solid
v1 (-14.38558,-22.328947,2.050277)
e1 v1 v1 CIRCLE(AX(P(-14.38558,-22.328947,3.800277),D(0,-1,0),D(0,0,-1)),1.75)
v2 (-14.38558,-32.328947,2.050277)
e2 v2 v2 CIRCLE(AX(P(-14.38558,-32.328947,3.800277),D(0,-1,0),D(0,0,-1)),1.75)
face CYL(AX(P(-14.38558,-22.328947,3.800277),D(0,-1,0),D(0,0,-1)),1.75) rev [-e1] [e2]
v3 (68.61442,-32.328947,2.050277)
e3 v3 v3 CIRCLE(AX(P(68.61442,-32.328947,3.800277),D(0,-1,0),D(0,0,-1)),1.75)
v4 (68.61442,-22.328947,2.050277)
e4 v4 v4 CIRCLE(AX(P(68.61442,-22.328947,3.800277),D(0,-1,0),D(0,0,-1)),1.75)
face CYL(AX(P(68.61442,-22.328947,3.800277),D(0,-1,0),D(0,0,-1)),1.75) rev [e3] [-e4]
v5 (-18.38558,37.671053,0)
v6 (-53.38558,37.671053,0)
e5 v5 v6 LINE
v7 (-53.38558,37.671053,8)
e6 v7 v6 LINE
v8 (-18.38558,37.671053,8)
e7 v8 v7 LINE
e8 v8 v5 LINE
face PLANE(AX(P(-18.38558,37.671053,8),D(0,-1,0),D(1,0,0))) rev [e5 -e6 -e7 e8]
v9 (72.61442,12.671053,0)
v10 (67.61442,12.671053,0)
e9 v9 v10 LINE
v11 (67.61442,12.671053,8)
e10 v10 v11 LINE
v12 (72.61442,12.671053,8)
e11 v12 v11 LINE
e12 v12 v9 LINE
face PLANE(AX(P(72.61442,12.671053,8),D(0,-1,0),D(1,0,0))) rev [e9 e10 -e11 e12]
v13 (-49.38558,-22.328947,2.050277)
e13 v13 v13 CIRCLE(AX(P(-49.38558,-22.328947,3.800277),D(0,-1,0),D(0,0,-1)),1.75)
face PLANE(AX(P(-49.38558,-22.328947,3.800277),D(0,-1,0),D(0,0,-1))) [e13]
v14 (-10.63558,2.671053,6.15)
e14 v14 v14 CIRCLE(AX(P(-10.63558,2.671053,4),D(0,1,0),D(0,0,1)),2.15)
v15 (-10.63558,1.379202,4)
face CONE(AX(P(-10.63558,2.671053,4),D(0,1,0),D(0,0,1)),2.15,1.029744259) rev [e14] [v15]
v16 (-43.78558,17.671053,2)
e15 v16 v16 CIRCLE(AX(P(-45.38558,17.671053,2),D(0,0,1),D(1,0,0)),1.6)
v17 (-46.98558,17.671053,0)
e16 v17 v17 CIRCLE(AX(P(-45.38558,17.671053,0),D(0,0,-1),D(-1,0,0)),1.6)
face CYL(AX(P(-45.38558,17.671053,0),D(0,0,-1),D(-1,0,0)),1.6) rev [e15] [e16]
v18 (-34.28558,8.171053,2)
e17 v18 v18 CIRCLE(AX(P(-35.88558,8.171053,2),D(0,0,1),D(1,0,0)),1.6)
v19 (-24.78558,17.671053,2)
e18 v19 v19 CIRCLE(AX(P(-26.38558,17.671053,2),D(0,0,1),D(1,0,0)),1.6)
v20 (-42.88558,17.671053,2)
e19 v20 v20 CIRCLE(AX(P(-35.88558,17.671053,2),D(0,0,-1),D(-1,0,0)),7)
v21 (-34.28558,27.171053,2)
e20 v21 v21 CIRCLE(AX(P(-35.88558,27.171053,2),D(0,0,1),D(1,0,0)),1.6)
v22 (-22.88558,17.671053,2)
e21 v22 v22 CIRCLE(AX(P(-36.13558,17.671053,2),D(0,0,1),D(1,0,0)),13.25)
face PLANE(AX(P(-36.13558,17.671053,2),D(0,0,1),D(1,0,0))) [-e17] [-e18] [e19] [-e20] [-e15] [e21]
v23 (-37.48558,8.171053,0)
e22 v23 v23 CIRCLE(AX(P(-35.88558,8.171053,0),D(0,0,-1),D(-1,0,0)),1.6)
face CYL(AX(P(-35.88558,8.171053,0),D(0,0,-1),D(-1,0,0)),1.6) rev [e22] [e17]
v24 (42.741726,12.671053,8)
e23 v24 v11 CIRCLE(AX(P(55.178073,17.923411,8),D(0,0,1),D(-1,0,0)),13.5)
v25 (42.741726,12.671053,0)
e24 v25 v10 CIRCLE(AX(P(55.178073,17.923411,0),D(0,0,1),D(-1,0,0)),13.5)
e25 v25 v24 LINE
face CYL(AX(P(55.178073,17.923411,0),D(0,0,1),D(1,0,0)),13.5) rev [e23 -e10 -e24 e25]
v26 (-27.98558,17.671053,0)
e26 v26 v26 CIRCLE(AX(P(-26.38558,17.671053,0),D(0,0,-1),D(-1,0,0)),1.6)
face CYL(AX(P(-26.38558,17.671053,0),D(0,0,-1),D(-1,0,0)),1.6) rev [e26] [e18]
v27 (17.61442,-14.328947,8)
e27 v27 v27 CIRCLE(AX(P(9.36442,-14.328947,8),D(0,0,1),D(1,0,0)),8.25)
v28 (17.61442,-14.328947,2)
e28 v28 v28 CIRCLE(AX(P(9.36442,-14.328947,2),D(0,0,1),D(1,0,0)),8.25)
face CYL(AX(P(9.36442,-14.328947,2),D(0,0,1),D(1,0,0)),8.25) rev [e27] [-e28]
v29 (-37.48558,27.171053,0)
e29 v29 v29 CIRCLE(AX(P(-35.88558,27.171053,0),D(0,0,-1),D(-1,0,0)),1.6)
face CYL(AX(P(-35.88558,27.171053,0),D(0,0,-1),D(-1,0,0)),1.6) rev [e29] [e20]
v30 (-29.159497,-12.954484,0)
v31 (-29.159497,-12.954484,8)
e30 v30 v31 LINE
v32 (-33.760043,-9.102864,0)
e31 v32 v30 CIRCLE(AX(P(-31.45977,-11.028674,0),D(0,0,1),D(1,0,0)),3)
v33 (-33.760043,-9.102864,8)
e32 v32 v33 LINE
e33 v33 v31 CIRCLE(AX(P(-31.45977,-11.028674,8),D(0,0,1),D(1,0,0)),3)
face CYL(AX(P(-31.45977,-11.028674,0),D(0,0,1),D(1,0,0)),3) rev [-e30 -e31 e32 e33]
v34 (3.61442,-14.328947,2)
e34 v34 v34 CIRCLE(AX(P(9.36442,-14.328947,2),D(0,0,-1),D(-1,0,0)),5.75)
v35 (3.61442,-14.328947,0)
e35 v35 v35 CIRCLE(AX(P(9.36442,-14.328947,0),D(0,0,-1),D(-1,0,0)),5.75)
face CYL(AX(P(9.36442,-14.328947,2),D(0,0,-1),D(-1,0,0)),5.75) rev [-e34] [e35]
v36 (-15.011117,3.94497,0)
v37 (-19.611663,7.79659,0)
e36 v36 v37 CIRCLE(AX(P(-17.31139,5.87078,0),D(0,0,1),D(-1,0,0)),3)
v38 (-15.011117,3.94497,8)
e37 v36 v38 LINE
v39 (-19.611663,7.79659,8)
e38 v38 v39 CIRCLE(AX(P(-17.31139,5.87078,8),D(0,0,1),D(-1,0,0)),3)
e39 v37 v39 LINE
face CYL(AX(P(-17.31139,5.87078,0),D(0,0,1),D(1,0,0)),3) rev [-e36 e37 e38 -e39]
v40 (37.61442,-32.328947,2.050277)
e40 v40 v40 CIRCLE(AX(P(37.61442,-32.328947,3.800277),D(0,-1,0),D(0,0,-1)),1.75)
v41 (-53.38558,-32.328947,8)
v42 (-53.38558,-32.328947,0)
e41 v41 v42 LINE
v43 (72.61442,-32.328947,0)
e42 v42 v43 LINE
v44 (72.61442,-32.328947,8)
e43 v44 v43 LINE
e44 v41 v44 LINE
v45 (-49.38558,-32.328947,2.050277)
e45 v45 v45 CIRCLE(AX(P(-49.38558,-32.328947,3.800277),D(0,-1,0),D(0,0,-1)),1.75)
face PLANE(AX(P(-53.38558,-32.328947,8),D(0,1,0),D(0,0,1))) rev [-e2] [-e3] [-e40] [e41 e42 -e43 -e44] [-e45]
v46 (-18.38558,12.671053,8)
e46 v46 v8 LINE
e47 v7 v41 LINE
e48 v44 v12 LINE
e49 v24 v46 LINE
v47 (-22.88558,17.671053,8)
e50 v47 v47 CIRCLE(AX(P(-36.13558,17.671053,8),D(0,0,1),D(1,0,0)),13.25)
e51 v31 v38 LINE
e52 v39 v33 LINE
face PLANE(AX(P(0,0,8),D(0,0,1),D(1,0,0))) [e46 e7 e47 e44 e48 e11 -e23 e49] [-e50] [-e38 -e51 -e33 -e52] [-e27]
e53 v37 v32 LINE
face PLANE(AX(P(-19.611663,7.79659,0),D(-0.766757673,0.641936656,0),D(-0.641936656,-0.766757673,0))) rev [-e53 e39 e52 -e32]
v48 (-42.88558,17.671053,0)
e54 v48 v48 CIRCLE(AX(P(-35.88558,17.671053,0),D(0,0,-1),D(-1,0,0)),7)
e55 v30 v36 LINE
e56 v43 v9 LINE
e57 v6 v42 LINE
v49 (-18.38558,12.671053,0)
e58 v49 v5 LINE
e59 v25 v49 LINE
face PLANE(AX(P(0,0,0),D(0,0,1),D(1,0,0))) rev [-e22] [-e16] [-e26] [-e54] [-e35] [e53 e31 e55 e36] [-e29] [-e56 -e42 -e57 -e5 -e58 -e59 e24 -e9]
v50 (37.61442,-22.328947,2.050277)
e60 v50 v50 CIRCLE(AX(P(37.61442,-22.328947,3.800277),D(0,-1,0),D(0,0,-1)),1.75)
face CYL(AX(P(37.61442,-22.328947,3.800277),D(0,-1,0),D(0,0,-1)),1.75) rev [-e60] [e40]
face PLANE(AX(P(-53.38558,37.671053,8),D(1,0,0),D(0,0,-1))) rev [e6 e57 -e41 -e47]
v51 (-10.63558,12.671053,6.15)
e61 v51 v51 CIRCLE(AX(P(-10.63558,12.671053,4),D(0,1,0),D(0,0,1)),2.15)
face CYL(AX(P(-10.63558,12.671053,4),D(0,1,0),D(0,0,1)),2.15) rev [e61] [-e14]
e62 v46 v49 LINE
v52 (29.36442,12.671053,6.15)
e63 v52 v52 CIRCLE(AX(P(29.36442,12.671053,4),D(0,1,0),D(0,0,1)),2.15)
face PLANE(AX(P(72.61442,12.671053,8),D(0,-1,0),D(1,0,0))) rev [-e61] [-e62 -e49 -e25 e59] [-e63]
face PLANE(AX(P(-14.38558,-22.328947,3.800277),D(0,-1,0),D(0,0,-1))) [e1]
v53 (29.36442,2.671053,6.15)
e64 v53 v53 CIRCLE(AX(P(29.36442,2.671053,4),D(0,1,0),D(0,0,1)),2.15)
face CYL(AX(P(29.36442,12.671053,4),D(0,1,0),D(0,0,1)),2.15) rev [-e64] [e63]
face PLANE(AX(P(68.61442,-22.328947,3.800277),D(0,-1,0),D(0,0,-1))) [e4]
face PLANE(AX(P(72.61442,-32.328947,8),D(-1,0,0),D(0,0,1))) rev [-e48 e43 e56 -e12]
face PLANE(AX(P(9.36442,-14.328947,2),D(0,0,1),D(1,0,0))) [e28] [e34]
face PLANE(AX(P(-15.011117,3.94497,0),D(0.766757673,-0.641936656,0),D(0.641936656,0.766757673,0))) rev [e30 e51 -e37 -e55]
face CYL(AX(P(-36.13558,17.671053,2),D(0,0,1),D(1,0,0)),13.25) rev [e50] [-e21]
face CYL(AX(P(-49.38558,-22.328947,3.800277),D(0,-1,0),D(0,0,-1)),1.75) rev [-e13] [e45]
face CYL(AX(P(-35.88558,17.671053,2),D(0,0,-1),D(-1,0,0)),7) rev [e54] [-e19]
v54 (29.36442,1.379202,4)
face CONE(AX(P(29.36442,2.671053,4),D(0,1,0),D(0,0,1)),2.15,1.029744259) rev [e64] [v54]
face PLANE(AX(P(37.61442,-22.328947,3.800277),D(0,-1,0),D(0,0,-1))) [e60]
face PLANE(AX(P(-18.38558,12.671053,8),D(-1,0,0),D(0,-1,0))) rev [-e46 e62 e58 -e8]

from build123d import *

# Parameters (mm, degrees)
BOSS_EXTRU_1_DEPTH       = 8
REPOSE_MOTEUR_DEPTH      = 8
ESQUISSE5_R              = 8.25
FIXATION_COURROI_1_DEPTH = 6
ESQUISSE6_R              = 5.75
FIXATION_COURROI_2_DEPTH = 2
ESQUISSE3_R              = 7
FIXATION_MOTEUR_1_DEPTH  = 2
ESQUISSE2_R              = 13.25
FIXATION_MOTEUR_2_DEPTH  = 6
D_GAGEMENT_M31_D         = 3.2
D_GAGEMENT_M31_DEPTH     = 10
D_GAGEMENT_M31_TIP       = 0.96137699
D_GAGEMENT_M41_D         = 4.3
D_GAGEMENT_M41_DEPTH     = 10
D_GAGEMENT_M41_TIP       = 1.291850331
ESQUISSE7_R              = 1.75
ENL_V_MAT_EXTRU_1_DEPTH  = 10


with BuildPart() as part:
    # Esquisse1 → Boss.-Extru.1 (new body)
    with BuildSketch(Plane.XY):
        Polygon((-53.385579659, 37.671052632), (-53.385579659, -32.328947368), (72.614420341, -32.328947368), (72.614420341, 12.671052632), (-18.385579659, 12.671052632), (-18.385579659, 37.671052632), align=None)
    extrude(amount=BOSS_EXTRU_1_DEPTH)

    # Esquisse4 → Repose moteur (cut)
    with BuildSketch(Plane.XY.offset(8)):
        with BuildLine():
            Line((42.741726231, 12.671052632), (67.614420341, 12.671052632))
            ThreePointArc((67.614420341, 12.671052632), (55.178073286, 4.423411332), (42.741726231, 12.671052632))
        make_face()
        with BuildLine():
            Line((-19.611662647, 7.796589582), (-33.760042708, -9.10286438))
            ThreePointArc((-33.760042708, -9.10286438), (-33.385579659, -13.328947368), (-29.15949667, -12.954484319))
            Line((-29.15949667, -12.954484319), (-15.011116609, 3.944969643))
            ThreePointArc((-15.011116609, 3.944969643), (-15.385579659, 8.171052632), (-19.611662647, 7.796589582))
        make_face()
    extrude(amount=-REPOSE_MOTEUR_DEPTH, mode=Mode.SUBTRACT)

    # Esquisse5 → Fixation courroi 1 (cut)
    with BuildSketch(Plane.XY.offset(8)):
        with Locations((9.364420341, -14.328947368)):
            Circle(ESQUISSE5_R)
    extrude(amount=-FIXATION_COURROI_1_DEPTH, mode=Mode.SUBTRACT)

    # Esquisse6 → Fixation courroi 2 (cut)
    with BuildSketch(Plane(origin=(0, 0, 0), x_dir=(-1, 0, 0), z_dir=(0, 0, -1))):
        with Locations((-9.364420341, -14.328947368)):
            Circle(ESQUISSE6_R)
    extrude(amount=-FIXATION_COURROI_2_DEPTH, mode=Mode.SUBTRACT)

    # Esquisse3 → Fixation moteur 1 (cut)
    with BuildSketch(Plane(origin=(0, 0, 0), x_dir=(-1, 0, 0), z_dir=(0, 0, -1))):
        with Locations((35.885579659, 17.671052632)):
            Circle(ESQUISSE3_R)
    extrude(amount=-FIXATION_MOTEUR_1_DEPTH, mode=Mode.SUBTRACT)

    # Esquisse2 → Fixation moteur 2 (cut)
    with BuildSketch(Plane.XY.offset(8)):
        with Locations((-36.135579659, 17.671052632)):
            Circle(ESQUISSE2_R)
    extrude(amount=-FIXATION_MOTEUR_2_DEPTH, mode=Mode.SUBTRACT)

    # Dégagement M31
    with Locations(Plane(origin=(-26.385579659, 17.671052632, 0), x_dir=(-1, 0, 0), z_dir=(0, 0, -1))):
        with Locations((0, 0), (9.5, 9.5), (19, 0), (9.5, -9.5)):
            Hole(D_GAGEMENT_M31_D / 2, depth=D_GAGEMENT_M31_DEPTH)
            with Locations((0, 0, -(D_GAGEMENT_M31_DEPTH + D_GAGEMENT_M31_TIP / 2))):  # 118° drill point
                Cone(0, D_GAGEMENT_M31_D / 2, D_GAGEMENT_M31_TIP, mode=Mode.SUBTRACT)

    # Dégagement M41
    with Locations(Plane(origin=(-10.635579659, 12.671052632, 4), x_dir=(1, 0, 0), z_dir=(0, 1, 0))):
        with Locations((0, 0), (40, 0)):
            Hole(D_GAGEMENT_M41_D / 2, depth=D_GAGEMENT_M41_DEPTH)
            with Locations((0, 0, -(D_GAGEMENT_M41_DEPTH + D_GAGEMENT_M41_TIP / 2))):  # 118° drill point
                Cone(0, D_GAGEMENT_M41_D / 2, D_GAGEMENT_M41_TIP, mode=Mode.SUBTRACT)

    # Esquisse7 → Enlèv. mat.-Extru.1 (cut)
    with BuildSketch(Plane.XZ.offset(32.328947368)):
        with Locations((-49.385579659, 3.800276617)):
            Circle(ESQUISSE7_R)
        with Locations((-14.385579659, 3.800276617)):
            Circle(ESQUISSE7_R)
        with Locations((37.614420341, 3.800276617)):
            Circle(ESQUISSE7_R)
        with Locations((68.614420341, 3.800276617)):
            Circle(ESQUISSE7_R)
    extrude(amount=-ENL_V_MAT_EXTRU_1_DEPTH, mode=Mode.SUBTRACT)


solid = part.part
